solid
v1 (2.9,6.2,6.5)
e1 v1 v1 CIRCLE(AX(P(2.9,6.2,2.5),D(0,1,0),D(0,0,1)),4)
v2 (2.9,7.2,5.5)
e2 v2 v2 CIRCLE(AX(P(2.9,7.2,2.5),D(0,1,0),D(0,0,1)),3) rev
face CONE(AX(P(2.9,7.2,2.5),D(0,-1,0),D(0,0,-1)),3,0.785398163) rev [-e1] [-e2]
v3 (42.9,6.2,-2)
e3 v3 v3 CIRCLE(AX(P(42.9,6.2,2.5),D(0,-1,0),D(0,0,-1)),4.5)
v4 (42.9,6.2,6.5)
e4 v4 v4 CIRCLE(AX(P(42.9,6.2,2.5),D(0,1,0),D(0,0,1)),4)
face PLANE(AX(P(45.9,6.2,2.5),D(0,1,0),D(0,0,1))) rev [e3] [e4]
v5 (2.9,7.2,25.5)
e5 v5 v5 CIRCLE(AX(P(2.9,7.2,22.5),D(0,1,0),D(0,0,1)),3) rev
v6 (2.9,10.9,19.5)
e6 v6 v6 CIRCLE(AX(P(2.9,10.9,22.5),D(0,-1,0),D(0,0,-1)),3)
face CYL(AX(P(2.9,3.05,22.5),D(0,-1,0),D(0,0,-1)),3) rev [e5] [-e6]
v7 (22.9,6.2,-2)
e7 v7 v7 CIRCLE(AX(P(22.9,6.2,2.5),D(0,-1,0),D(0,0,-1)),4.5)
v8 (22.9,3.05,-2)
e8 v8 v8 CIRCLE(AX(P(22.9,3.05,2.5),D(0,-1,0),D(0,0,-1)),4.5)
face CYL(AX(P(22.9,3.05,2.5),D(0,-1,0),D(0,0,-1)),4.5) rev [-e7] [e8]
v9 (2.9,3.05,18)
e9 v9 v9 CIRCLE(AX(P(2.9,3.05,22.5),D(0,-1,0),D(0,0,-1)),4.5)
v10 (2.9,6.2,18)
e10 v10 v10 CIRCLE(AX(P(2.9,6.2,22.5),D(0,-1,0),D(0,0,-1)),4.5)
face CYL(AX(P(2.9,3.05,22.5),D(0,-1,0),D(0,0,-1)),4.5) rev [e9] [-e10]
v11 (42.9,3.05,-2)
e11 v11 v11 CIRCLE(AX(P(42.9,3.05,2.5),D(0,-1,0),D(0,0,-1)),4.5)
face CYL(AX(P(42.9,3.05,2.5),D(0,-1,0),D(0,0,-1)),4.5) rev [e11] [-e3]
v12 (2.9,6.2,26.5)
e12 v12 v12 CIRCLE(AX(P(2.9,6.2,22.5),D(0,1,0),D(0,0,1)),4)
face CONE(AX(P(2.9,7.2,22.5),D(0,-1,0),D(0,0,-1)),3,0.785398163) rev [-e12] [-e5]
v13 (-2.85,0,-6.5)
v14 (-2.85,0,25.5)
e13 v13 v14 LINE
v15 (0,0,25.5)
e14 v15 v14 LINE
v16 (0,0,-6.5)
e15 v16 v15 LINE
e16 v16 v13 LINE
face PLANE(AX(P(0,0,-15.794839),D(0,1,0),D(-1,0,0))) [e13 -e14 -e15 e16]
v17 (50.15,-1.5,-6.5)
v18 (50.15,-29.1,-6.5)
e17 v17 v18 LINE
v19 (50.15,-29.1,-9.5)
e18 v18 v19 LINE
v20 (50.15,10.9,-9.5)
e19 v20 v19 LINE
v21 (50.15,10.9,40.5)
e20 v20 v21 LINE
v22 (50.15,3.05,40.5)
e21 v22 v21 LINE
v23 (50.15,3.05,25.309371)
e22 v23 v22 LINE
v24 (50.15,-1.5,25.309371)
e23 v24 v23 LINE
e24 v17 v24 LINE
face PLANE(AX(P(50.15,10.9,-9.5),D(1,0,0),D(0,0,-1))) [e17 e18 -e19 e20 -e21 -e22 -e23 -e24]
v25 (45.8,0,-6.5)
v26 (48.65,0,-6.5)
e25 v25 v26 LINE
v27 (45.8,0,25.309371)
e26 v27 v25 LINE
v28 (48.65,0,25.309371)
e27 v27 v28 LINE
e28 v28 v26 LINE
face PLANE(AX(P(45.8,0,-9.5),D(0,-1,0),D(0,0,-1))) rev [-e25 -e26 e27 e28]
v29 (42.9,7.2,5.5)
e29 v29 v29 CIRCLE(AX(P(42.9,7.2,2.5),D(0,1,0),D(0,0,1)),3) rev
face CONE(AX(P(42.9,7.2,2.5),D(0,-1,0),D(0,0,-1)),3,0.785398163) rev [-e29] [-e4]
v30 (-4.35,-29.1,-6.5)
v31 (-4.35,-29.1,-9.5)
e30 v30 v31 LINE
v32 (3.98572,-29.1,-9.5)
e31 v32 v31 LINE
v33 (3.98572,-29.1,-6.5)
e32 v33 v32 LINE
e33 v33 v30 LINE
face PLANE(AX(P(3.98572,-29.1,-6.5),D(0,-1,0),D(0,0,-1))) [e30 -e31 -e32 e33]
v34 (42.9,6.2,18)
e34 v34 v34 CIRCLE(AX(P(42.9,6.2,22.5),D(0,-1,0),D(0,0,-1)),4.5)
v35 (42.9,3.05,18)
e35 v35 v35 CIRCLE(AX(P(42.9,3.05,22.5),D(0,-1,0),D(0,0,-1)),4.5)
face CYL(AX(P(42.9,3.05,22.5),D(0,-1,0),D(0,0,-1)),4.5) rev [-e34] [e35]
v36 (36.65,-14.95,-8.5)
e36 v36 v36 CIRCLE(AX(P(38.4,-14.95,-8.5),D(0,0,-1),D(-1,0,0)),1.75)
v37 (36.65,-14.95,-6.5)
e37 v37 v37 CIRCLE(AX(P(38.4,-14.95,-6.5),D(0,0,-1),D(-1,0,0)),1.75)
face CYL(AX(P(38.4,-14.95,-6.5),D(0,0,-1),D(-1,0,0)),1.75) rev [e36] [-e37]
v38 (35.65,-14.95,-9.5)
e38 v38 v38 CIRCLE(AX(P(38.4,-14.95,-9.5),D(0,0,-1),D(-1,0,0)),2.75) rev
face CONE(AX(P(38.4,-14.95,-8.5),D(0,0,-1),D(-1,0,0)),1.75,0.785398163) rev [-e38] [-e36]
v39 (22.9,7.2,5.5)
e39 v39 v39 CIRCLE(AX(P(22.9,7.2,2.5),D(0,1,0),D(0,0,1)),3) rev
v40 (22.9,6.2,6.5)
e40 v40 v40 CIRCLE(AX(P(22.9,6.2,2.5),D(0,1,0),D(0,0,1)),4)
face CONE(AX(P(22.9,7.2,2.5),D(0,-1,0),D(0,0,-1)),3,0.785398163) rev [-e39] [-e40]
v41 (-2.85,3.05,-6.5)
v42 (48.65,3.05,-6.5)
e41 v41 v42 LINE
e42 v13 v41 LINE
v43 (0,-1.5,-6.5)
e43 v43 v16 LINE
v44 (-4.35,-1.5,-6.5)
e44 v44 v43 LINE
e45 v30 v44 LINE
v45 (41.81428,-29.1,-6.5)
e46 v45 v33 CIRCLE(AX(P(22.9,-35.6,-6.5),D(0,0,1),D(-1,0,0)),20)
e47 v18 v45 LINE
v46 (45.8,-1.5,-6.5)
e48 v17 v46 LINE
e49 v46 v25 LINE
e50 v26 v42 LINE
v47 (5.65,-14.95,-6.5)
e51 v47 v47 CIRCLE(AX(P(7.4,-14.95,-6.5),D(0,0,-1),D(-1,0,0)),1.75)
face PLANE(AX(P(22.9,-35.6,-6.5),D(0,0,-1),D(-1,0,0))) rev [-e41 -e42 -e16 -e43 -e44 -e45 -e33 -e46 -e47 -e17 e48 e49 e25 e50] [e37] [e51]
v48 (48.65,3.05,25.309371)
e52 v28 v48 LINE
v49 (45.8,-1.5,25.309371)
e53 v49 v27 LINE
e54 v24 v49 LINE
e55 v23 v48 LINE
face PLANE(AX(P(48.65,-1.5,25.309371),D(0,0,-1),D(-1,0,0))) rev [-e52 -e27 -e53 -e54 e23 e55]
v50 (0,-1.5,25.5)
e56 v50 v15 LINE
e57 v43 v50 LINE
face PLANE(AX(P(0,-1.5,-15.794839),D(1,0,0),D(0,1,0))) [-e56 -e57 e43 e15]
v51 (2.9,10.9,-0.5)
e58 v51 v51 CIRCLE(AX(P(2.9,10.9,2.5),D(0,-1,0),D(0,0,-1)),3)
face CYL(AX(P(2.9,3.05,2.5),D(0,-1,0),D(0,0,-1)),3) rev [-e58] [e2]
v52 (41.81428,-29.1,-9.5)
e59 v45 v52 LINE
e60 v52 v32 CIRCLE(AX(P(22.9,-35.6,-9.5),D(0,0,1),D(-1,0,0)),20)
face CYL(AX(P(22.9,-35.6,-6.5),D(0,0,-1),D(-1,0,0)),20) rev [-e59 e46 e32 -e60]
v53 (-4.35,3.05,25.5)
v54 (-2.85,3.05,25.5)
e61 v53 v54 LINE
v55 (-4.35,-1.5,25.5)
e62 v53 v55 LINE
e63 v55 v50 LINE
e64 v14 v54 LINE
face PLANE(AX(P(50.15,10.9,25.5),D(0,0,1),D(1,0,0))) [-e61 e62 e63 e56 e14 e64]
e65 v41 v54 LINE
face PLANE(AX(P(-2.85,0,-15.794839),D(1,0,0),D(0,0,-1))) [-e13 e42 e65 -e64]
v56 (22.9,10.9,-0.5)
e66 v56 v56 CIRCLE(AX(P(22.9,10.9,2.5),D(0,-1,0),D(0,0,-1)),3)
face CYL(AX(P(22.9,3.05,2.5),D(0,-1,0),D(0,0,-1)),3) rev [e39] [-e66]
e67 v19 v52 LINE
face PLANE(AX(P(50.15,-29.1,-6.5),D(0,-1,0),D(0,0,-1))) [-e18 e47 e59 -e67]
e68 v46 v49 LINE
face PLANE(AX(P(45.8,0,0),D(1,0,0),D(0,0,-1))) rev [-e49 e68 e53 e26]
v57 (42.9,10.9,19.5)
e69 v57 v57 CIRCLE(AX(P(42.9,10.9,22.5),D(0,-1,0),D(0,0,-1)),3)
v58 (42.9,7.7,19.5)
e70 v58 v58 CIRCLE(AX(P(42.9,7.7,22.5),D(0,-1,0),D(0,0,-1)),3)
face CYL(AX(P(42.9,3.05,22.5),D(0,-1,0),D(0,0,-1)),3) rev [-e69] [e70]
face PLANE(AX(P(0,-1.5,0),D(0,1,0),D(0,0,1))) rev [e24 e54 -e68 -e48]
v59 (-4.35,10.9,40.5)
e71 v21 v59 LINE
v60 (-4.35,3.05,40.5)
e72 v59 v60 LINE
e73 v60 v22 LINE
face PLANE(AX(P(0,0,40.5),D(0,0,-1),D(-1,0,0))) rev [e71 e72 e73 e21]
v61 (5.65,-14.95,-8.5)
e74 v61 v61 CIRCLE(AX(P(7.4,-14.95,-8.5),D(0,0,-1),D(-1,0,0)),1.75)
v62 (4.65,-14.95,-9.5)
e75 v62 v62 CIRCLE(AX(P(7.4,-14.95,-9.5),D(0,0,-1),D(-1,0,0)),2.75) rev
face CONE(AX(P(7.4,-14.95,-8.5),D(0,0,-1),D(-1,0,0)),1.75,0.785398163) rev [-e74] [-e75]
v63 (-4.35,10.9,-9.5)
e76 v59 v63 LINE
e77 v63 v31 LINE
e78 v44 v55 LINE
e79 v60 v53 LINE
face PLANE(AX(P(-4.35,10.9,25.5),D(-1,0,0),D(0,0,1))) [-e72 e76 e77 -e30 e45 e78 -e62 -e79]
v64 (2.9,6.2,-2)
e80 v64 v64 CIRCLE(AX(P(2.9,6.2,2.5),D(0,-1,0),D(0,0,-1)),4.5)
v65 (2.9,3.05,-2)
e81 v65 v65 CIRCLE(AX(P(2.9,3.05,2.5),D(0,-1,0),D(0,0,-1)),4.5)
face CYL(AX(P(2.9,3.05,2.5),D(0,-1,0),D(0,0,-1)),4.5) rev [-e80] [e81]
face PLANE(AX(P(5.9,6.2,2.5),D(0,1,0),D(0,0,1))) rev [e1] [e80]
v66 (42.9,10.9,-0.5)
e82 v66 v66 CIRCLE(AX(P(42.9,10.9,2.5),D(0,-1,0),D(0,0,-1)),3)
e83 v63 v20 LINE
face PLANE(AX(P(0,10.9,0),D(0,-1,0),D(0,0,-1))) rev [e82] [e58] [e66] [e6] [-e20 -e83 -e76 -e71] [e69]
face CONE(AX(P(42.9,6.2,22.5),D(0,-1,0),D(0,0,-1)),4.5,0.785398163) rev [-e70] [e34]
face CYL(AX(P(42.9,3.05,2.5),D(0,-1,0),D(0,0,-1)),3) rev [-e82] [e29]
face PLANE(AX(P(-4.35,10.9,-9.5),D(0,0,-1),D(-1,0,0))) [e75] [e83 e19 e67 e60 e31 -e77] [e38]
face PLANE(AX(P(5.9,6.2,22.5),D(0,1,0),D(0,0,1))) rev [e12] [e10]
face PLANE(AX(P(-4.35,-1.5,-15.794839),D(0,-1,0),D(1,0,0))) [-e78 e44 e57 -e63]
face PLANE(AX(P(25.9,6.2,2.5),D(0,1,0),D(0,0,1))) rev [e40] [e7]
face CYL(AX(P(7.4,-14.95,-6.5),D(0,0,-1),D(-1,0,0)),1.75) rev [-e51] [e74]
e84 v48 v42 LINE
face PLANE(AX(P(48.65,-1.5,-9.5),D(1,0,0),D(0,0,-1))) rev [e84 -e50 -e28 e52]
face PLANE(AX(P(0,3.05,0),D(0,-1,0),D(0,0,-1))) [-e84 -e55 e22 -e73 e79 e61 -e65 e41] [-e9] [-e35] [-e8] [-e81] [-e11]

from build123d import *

# Parameters (mm, degrees)
CROQUIS1_W              = 54.5
CROQUIS1_H              = 35
SALIENTE_EXTRUIR1_DEPTH = 7.85
SALIENTE_EXTRUIR2_DEPTH = 35
CROQUIS3_W              = 54.5
CROQUIS3_H              = 7.85
SALIENTE_EXTRUIR3_DEPTH = 15
CROQUIS4_W              = 1.5
CROQUIS4_H              = 34.809371379
SALIENTE_EXTRUIR4_DEPTH = 4.55
CROQUIS5_W              = 34.809371379
CROQUIS5_H              = 1.5
SALIENTE_EXTRUIR5_DEPTH = 2.85
TALADRO1_AT_2_COUNT     = 2
TALADRO1_AT_2_PITCH     = 40
TALADRO1_AT_3_COUNT     = 2
TALADRO1_AT_3_PITCH     = 20
TALADRO1_AT_4_COUNT     = 2
TALADRO1_AT_4_PITCH     = 20
CHAFL_N1_SIZE           = 1
CROQUIS11_R             = 1.75
SALIENTE_EXTRUIR6_DEPTH = 3
CHAFL_N2_SIZE           = 1


with BuildPart() as part:
    # Croquis1 → Saliente-Extruir1 (new body)
    with BuildSketch(Plane.XZ.offset(-3.05)):
        with Locations((22.9, 8)):
            Rectangle(CROQUIS1_W, CROQUIS1_H)
    extrude(amount=-SALIENTE_EXTRUIR1_DEPTH)

    # Croquis2 → Saliente-Extruir2 (add)
    with BuildSketch(Plane.XY.offset(25.5)):
        Polygon((-4.35, 3.05), (-4.35, -1.5), (0, -1.5), (0, 0), (-2.85, 0), (-2.85, 3.05), align=None)
    extrude(amount=-SALIENTE_EXTRUIR2_DEPTH)

    # Croquis3 → Saliente-Extruir3 (add)
    with BuildSketch(Plane.XY.offset(25.5)):
        with Locations((22.9, 6.975)):
            Rectangle(CROQUIS3_W, CROQUIS3_H)
    extrude(amount=SALIENTE_EXTRUIR3_DEPTH)

    # Croquis4 → Saliente-Extruir4 (add)
    with BuildSketch(Plane.XZ.offset(-3.05)):
        with Locations((49.4, 7.90468569)):
            Rectangle(CROQUIS4_W, CROQUIS4_H)
    extrude(amount=SALIENTE_EXTRUIR4_DEPTH)

    # Croquis5 → Saliente-Extruir5 (add)
    with BuildSketch(Plane.ZY.offset(-48.65)):
        with Locations((7.90468569, -0.75)):
            Rectangle(CROQUIS5_W, CROQUIS5_H)
    extrude(amount=SALIENTE_EXTRUIR5_DEPTH)

    # Croquis7 → Taladro1 (revolve, cut)
    with BuildSketch(Plane(origin=(2.9, 3.05, 2.5), x_dir=(0, 0, -1), z_dir=(1, 0, 0))):
        Polygon((0, 0), (0, 7.85), (3, 7.85), (3, 3.15), (4.5, 3.15), (4.5, 0), align=None)
    taladro1 = revolve(axis=Axis((2.9, 113.05, 2.5), (0, -1, 0)), mode=Mode.SUBTRACT)

    # Taladro1 at 2: Taladro1 ×2
    with Locations(*[(i * TALADRO1_AT_2_PITCH, 0, 0) for i in range(1, TALADRO1_AT_2_COUNT)]):
        add(taladro1, mode=Mode.SUBTRACT)

    # Taladro1 at 3: Taladro1 ×2
    with Locations(*[(i * TALADRO1_AT_3_PITCH, 0, 0) for i in range(1, TALADRO1_AT_3_COUNT)]):
        add(taladro1, mode=Mode.SUBTRACT)

    # Taladro1 at 4: Taladro1 ×2
    with Locations(*[(0, 0, i * TALADRO1_AT_4_PITCH) for i in range(1, TALADRO1_AT_4_COUNT)]):
        add(taladro1, mode=Mode.SUBTRACT)

    # Croquis9 → Taladro2 (revolve, cut)
    with BuildSketch(Plane(origin=(42.9, 3.05, 22.5), x_dir=(0, 0, -1), z_dir=(1, 0, 0))):
        Polygon((0, 0), (0, 7.85), (3, 7.85), (3, 4.65), (4.5, 3.15), (4.5, 0), align=None)
    revolve(axis=Axis((42.9, -3.080023899, 22.5), (0, 1, 0)), mode=Mode.SUBTRACT)

    # Chaflán1
    chafl_n1_edges = [part.edges().sort_by_distance(p)[0] for p in [
        (2.9, 6.2, 25.5),
        (22.9, 6.2, 5.5),
        (42.9, 6.2, 5.5),
        (2.9, 6.2, 5.5),
    ]]
    chamfer(chafl_n1_edges, length=CHAFL_N1_SIZE)

    # Croquis11 → Saliente-Extruir6 (add)
    with BuildSketch(Plane(origin=(0, 0, -9.5), x_dir=(-1, 0, 0), z_dir=(0, 0, -1))):
        with BuildLine():
            Line((-50.15, 10.9), (4.35, 10.9))
            Line((4.35, 10.9), (4.35, -29.1))
            Line((4.35, -29.1), (-3.985719681, -29.1))
            ThreePointArc((-3.985719681, -29.1), (-22.9, -15.6), (-41.814280319, -29.1))
            Line((-41.814280319, -29.1), (-50.15, -29.1))
            Line((-50.15, -29.1), (-50.15, 10.9))
        make_face()
        with Locations((-38.4, -14.95)):
            Circle(CROQUIS11_R, mode=Mode.SUBTRACT)
        with Locations((-7.4, -14.95)):
            Circle(CROQUIS11_R, mode=Mode.SUBTRACT)
    extrude(amount=-SALIENTE_EXTRUIR6_DEPTH)

    # Chaflán2
    chafl_n2_edges = [part.edges().sort_by_distance(p)[0] for p in [
        (40.15, -14.95, -9.5),
        (9.15, -14.95, -9.5),
    ]]
    chamfer(chafl_n2_edges, length=CHAFL_N2_SIZE)


solid = part.part
